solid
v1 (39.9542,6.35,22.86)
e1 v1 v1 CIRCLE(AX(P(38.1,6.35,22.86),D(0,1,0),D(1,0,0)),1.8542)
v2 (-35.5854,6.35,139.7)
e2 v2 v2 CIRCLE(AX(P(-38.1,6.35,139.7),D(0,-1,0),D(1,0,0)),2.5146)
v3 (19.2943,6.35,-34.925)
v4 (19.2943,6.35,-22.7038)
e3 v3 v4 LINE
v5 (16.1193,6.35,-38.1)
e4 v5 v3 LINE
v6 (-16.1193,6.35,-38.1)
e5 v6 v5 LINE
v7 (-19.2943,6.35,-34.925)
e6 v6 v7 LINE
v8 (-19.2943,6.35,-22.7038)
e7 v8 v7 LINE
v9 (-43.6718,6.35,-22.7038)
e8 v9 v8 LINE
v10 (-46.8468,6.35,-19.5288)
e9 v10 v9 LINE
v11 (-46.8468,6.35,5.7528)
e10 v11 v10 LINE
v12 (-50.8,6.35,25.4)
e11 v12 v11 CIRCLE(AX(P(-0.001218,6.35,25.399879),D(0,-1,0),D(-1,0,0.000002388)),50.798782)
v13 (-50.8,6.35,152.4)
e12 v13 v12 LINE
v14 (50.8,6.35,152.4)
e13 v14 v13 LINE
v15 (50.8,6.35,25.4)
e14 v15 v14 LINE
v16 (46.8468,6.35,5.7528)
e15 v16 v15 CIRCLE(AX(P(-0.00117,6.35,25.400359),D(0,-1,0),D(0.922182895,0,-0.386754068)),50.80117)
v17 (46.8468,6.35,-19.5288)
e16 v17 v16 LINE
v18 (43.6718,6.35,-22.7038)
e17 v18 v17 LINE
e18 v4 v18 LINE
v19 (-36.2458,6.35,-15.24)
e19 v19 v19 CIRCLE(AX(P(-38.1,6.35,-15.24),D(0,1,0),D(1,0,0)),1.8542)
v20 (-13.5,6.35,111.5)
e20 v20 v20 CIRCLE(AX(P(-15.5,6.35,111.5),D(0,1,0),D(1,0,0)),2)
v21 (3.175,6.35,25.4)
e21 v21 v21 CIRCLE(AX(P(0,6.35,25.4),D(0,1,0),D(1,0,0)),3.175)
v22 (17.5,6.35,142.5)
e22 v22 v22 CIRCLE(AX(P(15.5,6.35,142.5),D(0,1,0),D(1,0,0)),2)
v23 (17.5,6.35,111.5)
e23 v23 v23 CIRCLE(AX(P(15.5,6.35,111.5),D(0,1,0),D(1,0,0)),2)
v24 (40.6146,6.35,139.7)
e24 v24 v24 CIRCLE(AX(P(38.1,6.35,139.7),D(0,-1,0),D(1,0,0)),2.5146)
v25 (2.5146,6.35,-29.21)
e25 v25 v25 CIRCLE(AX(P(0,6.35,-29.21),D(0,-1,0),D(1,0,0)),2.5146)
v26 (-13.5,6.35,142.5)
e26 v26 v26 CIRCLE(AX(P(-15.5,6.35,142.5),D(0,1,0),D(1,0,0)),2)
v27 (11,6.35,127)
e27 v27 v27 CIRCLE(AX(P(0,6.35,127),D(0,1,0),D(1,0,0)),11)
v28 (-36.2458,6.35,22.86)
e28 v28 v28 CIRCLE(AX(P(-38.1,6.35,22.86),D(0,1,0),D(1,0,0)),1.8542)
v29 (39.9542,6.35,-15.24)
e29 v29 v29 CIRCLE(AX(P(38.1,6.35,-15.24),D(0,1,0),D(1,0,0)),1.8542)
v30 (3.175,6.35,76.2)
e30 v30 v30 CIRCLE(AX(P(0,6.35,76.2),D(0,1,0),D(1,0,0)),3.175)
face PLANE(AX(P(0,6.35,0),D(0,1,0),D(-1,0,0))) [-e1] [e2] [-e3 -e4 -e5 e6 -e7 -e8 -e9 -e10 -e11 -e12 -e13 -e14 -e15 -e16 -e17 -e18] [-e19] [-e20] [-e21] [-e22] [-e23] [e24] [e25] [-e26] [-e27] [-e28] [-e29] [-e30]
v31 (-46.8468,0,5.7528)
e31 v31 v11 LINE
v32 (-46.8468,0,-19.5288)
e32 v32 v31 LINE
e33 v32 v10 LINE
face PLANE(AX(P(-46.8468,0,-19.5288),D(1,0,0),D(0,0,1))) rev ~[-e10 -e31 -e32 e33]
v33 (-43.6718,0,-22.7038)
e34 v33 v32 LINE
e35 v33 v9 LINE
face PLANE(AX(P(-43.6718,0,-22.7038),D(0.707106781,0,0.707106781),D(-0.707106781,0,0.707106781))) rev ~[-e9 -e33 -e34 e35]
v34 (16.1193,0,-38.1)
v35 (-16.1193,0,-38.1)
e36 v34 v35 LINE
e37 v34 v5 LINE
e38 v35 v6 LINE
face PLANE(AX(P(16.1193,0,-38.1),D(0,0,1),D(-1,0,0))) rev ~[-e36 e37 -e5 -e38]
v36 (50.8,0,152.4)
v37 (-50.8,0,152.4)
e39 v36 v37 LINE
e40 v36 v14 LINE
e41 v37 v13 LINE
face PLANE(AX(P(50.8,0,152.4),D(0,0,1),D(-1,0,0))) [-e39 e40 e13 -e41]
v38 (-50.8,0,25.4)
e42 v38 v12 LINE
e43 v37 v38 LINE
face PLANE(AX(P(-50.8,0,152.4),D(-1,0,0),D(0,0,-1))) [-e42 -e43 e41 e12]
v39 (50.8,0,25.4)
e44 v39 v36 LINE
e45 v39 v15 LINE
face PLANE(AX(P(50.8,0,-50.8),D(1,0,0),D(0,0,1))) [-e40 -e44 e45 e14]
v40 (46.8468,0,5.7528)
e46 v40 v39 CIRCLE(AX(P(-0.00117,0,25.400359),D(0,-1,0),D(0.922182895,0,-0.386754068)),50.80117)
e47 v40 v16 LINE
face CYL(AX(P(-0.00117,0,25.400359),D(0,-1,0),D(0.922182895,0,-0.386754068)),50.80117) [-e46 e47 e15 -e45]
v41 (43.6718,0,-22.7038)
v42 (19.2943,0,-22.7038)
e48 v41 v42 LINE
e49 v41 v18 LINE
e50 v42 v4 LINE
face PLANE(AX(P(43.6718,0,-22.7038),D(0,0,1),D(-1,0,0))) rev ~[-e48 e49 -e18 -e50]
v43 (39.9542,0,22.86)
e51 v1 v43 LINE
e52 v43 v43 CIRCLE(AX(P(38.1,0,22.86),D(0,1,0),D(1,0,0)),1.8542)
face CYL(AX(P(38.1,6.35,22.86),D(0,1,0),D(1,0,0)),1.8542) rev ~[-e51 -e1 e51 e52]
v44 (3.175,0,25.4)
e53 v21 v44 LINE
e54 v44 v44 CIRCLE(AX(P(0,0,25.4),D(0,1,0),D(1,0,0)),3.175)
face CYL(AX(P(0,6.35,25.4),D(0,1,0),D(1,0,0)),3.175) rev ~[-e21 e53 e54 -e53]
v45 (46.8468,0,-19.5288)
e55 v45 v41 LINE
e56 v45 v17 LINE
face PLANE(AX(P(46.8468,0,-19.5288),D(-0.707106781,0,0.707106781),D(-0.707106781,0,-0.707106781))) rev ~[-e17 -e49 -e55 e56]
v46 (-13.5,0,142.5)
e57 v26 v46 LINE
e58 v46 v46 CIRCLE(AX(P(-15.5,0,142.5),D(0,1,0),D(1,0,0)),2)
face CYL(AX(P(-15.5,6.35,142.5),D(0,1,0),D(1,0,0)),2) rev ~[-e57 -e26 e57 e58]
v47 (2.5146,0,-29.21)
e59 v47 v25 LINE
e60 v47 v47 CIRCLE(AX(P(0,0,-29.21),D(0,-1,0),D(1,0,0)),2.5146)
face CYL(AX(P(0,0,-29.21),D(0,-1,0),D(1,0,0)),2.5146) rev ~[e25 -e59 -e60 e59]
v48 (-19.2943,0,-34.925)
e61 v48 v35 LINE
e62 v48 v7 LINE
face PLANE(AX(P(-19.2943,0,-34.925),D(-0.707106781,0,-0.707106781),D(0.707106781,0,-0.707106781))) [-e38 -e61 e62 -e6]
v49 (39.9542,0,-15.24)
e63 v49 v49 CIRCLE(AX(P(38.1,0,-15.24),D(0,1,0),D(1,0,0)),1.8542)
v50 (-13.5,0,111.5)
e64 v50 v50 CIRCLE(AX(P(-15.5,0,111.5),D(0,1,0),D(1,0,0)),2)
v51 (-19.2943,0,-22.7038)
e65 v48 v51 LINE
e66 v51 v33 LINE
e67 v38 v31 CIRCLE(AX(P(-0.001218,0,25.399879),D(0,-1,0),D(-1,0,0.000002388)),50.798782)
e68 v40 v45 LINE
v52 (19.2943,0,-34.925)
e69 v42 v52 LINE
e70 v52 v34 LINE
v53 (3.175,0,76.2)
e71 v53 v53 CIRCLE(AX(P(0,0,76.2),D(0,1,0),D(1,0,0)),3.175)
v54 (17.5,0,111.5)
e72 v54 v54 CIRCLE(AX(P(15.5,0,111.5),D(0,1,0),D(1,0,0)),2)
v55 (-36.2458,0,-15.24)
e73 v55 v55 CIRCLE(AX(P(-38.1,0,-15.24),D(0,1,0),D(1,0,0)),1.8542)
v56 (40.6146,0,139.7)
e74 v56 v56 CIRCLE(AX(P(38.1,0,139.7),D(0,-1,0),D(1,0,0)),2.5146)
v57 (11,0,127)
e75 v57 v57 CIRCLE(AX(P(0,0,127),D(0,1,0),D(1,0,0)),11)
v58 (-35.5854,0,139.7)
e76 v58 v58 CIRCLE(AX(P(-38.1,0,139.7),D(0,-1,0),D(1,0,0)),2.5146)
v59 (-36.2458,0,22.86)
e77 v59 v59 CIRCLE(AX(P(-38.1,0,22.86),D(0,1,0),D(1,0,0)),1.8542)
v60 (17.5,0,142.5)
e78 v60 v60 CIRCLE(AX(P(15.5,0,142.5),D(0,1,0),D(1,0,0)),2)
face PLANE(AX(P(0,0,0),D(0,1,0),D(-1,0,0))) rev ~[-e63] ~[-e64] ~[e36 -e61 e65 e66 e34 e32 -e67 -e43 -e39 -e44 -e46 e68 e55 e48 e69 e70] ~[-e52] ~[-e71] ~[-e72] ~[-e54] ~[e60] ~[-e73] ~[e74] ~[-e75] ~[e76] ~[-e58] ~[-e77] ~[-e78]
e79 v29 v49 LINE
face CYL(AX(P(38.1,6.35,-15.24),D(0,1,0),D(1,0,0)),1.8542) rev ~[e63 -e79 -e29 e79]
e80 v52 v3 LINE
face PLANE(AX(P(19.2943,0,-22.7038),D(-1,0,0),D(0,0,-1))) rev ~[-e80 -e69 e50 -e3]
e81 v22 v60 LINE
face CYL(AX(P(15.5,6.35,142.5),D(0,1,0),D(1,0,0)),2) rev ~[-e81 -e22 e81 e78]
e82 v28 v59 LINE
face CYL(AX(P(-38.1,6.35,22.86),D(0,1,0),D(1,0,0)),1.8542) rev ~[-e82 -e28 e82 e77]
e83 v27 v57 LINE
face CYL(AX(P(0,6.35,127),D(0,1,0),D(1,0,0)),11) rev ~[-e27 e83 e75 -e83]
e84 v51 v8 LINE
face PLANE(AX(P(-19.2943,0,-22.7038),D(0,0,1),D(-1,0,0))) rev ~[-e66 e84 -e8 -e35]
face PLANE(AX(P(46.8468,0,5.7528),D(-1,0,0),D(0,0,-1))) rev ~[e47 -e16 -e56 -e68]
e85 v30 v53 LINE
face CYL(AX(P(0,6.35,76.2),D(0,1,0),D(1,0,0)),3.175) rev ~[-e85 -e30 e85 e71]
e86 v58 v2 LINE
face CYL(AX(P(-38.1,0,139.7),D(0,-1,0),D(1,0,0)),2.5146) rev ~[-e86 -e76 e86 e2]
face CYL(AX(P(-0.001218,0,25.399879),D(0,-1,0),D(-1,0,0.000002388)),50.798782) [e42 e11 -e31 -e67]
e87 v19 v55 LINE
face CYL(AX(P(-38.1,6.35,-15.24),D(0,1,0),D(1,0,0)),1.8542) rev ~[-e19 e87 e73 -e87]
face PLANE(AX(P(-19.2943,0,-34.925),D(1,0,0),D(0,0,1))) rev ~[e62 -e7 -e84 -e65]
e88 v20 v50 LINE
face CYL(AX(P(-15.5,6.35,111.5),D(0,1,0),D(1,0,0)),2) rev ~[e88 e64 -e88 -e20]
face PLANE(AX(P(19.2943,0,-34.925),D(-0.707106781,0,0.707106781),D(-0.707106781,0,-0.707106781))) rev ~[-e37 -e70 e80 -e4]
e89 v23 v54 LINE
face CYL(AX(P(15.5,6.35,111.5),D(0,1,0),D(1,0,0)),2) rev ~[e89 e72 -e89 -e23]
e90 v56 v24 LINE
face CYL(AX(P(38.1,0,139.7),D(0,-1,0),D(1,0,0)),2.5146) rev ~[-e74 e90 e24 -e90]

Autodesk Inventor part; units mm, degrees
ref_plane "YZ Plane" through (0, 0, 0) normal (1, 0, 0) x (0, 1, 0)
ref_plane "XZ Plane" through (0, 0, 0) normal (0, 1, 0) x (-1, 0, 0)
ref_plane "XY Plane" through (0, 0, 0) normal (0, 0, 1) x (1, 0, 0)
sketch "Sketch1" plane through (0, 0, 0) normal (0, 1, 0) x (-1, 0, 0)
  line L0 (50.8, -50.8) -> (-50.8, -50.8)
  line L1 (-50.8, -50.8) -> (-50.8, 152.4)
  line L2 (-50.8, 152.4) -> (50.8, 152.4)
  line L3 (50.8, 152.4) -> (50.8, -50.8)
  point P0 (0, 0)
  dimension "d0" = 101.6
  dimension "d1" = 203.2
extrude "Extrusion1" add sketch "Sketch1" along normal blind 6.35
sketch "Sketch2" plane through (0, 6.35, 0) normal (0, 1, 0) x (1, 0, 0)
  line L0 (-50.8, -152.4) -> (50.8, -152.4) projected
  line L1 (25.4, 0) -> (25.4, -152.4) construction
  circle A0 centre (0, -127) radius 11
  circle A1 centre (0, -76.2) radius 3.175
  circle A2 centre (0, -25.4) radius 3.175
  circle A3 centre (0, -127) radius 11 projected
  line L2 (50.8, -152.4) -> (50.8, 50.8) projected
  dimension "d4" = 22
  dimension "d5" = 6.35
  dimension "d6" = 50.8
  dimension "d7" = 25.4
  dimension "d10" = 6.35
  dimension "d11" = 50.8
  dimension "d12" = 22
  dimension "d13" = 50.8
  dimension "d14" = 50.8
  dimension "d15" = 50.8
extrude "Extrusion2" cut sketch "Sketch2" against normal through all
sketch "Sketch3" plane through (0, 6.35, 0) normal (0, 1, 0) x (1, 0, 0)
  circle A0 centre (15.5, -111.5) radius 2 projected
  circle A1 centre (15.5, -142.5) radius 2 projected
  circle A2 centre (-15.5, -142.5) radius 2 projected
  circle A3 centre (-15.5, -111.5) radius 2 projected
  point P0 (0, 0)
extrude "Extrusion3" cut sketch "Sketch3" against normal through all
sketch "Sketch4" plane through (0, 0, 0) normal (0, -1, 0) x (1, 0, 0)
  line L0 (50.8, 152.4) -> (-50.8, 152.4) projected
  line L1 (-50.8, 152.4) -> (-50.8, -50.8) projected
  circle A0 centre (-38.1, 139.7) radius 2.5146
  circle A1 centre (38.1, 139.7) radius 2.5146
  circle A2 centre (-38.1, -38.1) radius 2.5146
  circle A3 centre (38.1, -38.1) radius 2.5146
  point P0 (0, 0)
  dimension "d18" = 5.0292
  dimension "d19" = 12.7
  dimension "d20" = 12.7
  dimension "d23" = 76.2
  dimension "d26" = 177.8
extrude "Extrusion4" cut sketch "Sketch4" against normal through all
sketch "Sketch5" plane through (0, 6.35, 0) normal (0, 1, 0) x (1, 0, 0)
  circle A0 centre (-38.1, 15.24) radius 1.8542 projected
  circle A1 centre (-38.1, -22.86) radius 1.8542 projected
  circle A2 centre (38.1, 15.24) radius 1.8542 projected
  circle A3 centre (38.1, -22.86) radius 1.8542 projected
  point P0 (0, 0)
extrude "Extrusion5" cut sketch "Sketch5" against normal through all
sketch "Sketch7" plane through (0, 0, 0) normal (0, -1, 0) x (1, 0, 0)
  circle A0 centre (-38.1, -38.1) radius 2.5146 projected
  circle A1 centre (38.1, -38.1) radius 2.5146 projected
  circle A2 centre (0, 76.2) radius 3.175 projected
  circle A3 centre (0, 25.4) radius 3.175 projected
  line L0 (-50.8, -50.8) -> (50.8, -50.8) projected
  line L1 (50.8, -50.8) -> (50.8, 152.4) projected
  line L2 (-50.8, 152.4) -> (-50.8, -50.8) projected
  line L3 (-46.8468, -19.5288) -> (-46.8468, 5.7528)
  line L4 (46.8468, 5.7528) -> (46.8468, -19.5288)
  line L5 (16.1193, -38.1) -> (-16.1193, -38.1)
  line L6 (-19.2943, -34.925) -> (-19.2943, -22.7038)
  line L7 (19.2943, -22.7038) -> (19.2943, -34.925)
  line L8 (43.6718, -22.7038) -> (19.2943, -22.7038)
  line L9 (-19.2943, -22.7038) -> (-43.6718, -22.7038)
  line L10 (19.2943, -34.925) -> (16.1193, -38.1)
  line L11 (-19.2943, -34.925) -> (-16.1193, -38.1)
  line L12 (-43.6718, -22.7038) -> (-46.8468, -19.5288)
  line L13 (46.8468, -19.5288) -> (43.6718, -22.7038)
  arc A4 (-50.8, 25.4) -> (-46.8468, 5.7528) centre (0, 25.4) ccw
  arc A5 (46.8468, 5.7528) -> (50.8, 25.4) centre (0, 25.4) ccw
  arc A6 (3.1734, 76.1008) -> (-3.1734, 76.1008) centre (0, 25.4) ccw
  point P0 (0, 0)
  point P1 (46.8468, -22.7038)
  point P2 (-46.8468, -22.7038)
  point P3 (19.2943, -38.1)
  point P4 (-19.2943, -38.1)
  dimension "d41" = 19.2943
  dimension "d43" = 19.2943
  dimension "d44" = 3.175
  dimension "d45" = 3.175
  dimension "d46" = 3.175
  dimension "d47" = 3.175
  dimension "d48" = 3.175
  dimension "d49" = 3.175
  dimension "d50" = 3.175
  dimension "d51" = 3.175
extrude "Extrusion6" cut sketch "Sketch7" against normal through all contours L2 A4 L3 L12 L9 L6 L11 L5 L10 L7 L8 L13 L4 A5 L1 L0
sketch "Sketch8" plane through (0, 0, 0) normal (0, -1, 0) x (1, 0, 0)
  line L0 (-19.2943, -22.7038) -> (-19.2943, -34.925) projected
  line L1 (-16.1193, -38.1) -> (16.1193, -38.1) projected
  line L2 (19.2943, -34.925) -> (19.2943, -22.7038) projected
  circle A0 centre (0, -29.21) radius 2.5146
  point P0 (0, 0)
  dimension "d54" = 5.0292
  dimension "d55" = 8.89
  dimension "d56" = 19.2943
  dimension "d57" = 19.2943
extrude "Extrusion7" cut sketch "Sketch8" against normal through all
equation "\"d4\" = d12"
equation "\"d14\" = d13"
equation "\"d15\" = d13"
equation "\"d43\" = d41"
equation "\"d45\" = d44"
equation "\"d46\" = d44"
equation "\"d47\" = d46"
equation "\"d48\" = d44"
equation "\"d49\" = d48"
equation "\"d50\" = d44"
equation "\"d51\" = d50"
equation "\"d56\" = d57"
properties part number "gearBoxBase" material "Polycarbonate, Smoke"
